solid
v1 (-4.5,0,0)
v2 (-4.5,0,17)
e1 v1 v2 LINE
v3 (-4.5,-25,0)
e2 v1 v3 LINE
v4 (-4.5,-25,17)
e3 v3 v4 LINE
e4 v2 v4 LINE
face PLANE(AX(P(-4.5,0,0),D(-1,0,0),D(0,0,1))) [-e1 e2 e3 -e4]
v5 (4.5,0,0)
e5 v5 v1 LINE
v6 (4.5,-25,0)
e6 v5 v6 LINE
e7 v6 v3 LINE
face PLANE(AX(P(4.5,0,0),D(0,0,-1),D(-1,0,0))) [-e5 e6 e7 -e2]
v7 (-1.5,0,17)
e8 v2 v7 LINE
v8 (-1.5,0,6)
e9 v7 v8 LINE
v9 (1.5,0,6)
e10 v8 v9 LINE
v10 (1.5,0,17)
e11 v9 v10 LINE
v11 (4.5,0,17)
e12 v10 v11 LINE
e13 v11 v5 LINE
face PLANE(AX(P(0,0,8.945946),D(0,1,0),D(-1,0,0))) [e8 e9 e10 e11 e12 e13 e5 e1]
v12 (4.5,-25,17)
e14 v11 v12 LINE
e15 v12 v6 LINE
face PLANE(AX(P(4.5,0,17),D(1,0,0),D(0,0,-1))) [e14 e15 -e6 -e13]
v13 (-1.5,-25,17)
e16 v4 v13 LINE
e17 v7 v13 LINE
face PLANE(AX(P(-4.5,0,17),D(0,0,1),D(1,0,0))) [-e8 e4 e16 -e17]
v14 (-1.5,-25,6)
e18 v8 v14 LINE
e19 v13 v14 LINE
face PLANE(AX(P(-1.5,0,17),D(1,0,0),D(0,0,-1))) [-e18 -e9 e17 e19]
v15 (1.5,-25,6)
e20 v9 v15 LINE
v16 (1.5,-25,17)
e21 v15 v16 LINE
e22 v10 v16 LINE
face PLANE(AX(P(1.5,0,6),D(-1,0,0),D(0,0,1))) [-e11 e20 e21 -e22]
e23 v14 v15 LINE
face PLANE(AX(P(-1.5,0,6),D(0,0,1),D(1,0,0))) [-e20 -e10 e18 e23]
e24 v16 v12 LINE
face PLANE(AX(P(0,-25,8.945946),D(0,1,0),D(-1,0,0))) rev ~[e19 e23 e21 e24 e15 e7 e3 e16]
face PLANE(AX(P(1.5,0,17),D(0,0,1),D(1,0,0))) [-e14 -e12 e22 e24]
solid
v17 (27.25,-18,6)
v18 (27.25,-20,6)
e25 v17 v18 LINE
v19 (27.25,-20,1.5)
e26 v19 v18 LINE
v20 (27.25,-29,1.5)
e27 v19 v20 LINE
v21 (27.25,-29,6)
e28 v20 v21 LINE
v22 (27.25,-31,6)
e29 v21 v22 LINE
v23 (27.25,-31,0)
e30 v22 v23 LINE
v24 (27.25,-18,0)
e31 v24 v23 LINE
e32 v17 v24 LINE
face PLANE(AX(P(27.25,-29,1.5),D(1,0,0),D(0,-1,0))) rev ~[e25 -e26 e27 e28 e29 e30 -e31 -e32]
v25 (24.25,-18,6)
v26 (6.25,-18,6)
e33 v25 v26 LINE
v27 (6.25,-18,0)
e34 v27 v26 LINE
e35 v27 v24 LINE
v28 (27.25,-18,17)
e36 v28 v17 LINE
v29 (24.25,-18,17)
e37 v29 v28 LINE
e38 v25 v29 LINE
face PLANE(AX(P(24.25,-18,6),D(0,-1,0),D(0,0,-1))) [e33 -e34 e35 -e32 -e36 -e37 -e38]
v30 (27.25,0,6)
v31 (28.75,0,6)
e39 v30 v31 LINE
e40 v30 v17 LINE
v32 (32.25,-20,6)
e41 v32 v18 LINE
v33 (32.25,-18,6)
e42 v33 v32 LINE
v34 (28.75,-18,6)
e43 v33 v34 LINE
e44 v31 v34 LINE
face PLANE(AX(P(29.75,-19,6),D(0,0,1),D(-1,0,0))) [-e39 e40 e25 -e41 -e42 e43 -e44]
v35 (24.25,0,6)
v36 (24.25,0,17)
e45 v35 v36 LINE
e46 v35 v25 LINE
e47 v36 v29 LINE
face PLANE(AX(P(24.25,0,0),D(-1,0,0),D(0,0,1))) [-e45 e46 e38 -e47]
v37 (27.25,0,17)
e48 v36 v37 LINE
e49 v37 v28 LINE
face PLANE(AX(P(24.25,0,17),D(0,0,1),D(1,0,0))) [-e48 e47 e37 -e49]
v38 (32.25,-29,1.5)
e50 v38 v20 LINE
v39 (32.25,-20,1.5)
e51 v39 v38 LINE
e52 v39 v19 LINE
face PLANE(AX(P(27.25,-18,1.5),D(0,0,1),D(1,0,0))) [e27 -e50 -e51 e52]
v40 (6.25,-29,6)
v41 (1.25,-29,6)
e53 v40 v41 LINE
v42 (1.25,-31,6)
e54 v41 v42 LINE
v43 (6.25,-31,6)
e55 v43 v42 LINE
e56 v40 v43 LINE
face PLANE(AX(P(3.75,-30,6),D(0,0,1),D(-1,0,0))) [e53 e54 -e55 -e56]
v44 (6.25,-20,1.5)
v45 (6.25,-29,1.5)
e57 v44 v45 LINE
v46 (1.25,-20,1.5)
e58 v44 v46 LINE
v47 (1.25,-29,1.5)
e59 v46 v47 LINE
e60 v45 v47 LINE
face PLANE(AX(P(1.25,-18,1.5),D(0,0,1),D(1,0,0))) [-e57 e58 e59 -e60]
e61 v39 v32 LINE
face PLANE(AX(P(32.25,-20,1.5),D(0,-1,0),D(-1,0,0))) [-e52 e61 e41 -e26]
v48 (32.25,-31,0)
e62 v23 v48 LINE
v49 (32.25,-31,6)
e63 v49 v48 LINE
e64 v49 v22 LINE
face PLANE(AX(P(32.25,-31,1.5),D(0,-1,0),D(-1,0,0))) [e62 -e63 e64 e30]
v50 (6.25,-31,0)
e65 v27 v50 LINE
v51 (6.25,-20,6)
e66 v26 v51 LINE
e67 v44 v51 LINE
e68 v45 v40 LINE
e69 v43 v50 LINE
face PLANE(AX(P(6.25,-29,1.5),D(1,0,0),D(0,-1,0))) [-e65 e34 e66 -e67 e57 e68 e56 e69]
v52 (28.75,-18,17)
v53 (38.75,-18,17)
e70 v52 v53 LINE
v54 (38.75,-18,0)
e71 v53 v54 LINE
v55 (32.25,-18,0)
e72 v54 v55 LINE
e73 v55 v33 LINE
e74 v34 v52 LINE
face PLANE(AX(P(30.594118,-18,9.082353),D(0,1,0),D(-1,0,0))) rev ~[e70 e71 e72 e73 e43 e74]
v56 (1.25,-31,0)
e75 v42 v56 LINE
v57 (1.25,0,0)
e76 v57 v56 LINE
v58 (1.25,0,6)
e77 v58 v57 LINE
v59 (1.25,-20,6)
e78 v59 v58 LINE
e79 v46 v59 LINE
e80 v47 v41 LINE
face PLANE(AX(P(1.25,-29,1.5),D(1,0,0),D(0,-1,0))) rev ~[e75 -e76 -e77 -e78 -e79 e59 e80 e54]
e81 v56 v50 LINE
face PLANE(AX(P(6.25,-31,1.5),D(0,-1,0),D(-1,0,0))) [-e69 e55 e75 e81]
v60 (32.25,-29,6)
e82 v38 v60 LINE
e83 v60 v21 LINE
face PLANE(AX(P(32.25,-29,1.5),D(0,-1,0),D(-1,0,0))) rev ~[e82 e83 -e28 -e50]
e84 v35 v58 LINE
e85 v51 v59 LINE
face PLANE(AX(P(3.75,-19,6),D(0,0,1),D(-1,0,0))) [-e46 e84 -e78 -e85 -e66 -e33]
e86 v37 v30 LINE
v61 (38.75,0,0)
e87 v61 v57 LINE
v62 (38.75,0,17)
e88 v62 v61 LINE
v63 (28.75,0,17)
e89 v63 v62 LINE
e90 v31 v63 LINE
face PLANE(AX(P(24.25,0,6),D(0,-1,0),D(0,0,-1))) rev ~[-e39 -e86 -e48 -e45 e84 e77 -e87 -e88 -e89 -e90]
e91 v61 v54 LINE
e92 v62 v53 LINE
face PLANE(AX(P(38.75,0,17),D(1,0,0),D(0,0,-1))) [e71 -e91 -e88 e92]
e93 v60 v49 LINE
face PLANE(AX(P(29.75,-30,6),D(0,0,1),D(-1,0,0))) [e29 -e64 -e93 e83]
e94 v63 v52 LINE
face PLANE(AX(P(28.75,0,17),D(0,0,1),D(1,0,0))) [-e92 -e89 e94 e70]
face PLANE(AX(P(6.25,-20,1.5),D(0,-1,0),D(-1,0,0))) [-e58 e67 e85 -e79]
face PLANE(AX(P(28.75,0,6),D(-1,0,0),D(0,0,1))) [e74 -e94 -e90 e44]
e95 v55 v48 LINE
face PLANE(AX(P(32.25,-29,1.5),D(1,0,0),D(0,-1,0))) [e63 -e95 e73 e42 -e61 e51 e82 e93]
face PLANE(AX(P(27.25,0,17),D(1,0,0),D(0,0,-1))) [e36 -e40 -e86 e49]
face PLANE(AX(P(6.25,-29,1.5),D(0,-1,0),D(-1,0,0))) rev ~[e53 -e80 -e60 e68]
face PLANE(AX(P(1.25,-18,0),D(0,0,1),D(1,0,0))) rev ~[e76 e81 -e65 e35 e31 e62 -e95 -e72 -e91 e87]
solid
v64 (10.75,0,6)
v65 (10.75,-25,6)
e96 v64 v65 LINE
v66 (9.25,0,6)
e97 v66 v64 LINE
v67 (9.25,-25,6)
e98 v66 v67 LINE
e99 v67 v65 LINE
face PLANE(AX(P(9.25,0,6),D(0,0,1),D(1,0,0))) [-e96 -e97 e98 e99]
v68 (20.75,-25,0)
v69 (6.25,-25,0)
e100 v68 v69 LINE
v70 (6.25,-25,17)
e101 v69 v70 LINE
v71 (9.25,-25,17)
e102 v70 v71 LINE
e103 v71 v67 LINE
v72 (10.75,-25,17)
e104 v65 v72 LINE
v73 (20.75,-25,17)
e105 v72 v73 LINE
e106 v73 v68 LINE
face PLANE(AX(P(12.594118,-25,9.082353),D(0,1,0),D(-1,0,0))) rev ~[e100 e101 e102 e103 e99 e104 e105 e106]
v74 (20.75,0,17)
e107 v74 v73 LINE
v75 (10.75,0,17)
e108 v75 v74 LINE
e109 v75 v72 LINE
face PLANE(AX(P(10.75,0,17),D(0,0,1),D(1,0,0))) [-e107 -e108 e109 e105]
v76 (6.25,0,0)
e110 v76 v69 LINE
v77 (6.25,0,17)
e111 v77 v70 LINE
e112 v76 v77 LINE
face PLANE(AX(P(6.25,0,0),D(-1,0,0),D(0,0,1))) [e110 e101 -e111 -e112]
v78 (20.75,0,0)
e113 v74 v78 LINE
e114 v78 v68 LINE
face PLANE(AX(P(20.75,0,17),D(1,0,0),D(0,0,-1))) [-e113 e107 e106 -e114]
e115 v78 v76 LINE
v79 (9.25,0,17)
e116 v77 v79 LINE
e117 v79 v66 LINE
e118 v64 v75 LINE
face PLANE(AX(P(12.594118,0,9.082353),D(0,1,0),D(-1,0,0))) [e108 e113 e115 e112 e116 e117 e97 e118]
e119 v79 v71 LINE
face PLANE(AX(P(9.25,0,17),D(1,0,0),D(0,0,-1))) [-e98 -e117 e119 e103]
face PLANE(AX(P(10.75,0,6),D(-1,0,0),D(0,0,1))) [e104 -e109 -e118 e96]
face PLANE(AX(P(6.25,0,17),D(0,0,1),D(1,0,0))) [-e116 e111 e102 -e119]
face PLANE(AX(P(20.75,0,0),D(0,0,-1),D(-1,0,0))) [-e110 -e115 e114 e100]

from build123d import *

# Parameters (mm, degrees)
PAD_DEPTH    = 25
PAD001_DEPTH = 25
PAD002_DEPTH = 18
SKETCH_W     = 5
SKETCH_H     = 1.5
PAD003_DEPTH = 13
SKETCH004_W  = 5
SKETCH004_H  = 2
PAD004_DEPTH = 4.5
SKETCH005_W  = 6
SKETCH005_H  = 18
PAD005_DEPTH = 23
SKETCH006_W  = 5
SKETCH006_H  = 1.5
PAD006_DEPTH = 13
SKETCH007_W  = 5
SKETCH007_H  = 2
PAD007_DEPTH = 4.5


with BuildPart() as zwykly:
    # Sketch001 → Pad (new body)
    with BuildSketch(Plane.XZ):
        Polygon((-4.5, 17), (-1.5, 17), (-1.5, 6), (1.5, 6), (1.5, 17), (4.5, 17), (4.5, 0), (-4.5, 0), align=None)
    extrude(amount=PAD_DEPTH)


with BuildPart() as krancowy:
    # Sketch002 → Pad001 (new body)
    with BuildSketch(Plane(origin=(10, 0, 0), x_dir=(1, 0, 0), z_dir=(0, -1, 0))):
        Polygon((-3.75, 17), (-0.75, 17), (-0.75, 6), (0.75, 6), (0.75, 17), (10.75, 17), (10.75, 0), (-3.75, 0), align=None)
    extrude(amount=PAD001_DEPTH)


with BuildPart() as antenowy_gotowy:
    # Sketch003 → Pad002 (new body)
    with BuildSketch(Plane(origin=(28, 0, 0), x_dir=(1, 0, 0), z_dir=(0, -1, 0))):
        Polygon((-3.75, 17), (-0.75, 17), (-0.75, 6), (0.75, 6), (0.75, 17), (10.75, 17), (10.75, 0), (-3.75, 0), align=None)
    extrude(amount=PAD002_DEPTH)

    # Sketch → Pad003 (new body)
    with BuildSketch(Plane(origin=(28, -18, 0), x_dir=(1, 0, 0), z_dir=(0, -1, 0))):
        with Locations((1.75, 0.75)):
            Rectangle(SKETCH_W, SKETCH_H)
    extrude(amount=PAD003_DEPTH)

    # Sketch004 → Pad004 (new body)
    with BuildSketch(Plane(origin=(28, 0, 1.5), x_dir=(-1, 0, 0), z_dir=(0, 0, 1))):
        with Locations((-1.75, 30)):
            Rectangle(SKETCH004_W, SKETCH004_H)
        with Locations((-1.75, 19)):
            Rectangle(SKETCH004_W, SKETCH004_H)
    extrude(amount=PAD004_DEPTH)

    # Sketch005 → Pad005 (new body)
    with BuildSketch(Plane(origin=(24.25, 0, 0), x_dir=(0, 0, -1), z_dir=(-1, 0, 0))):
        with Locations((-3, 9)):
            Rectangle(SKETCH005_W, SKETCH005_H)
    extrude(amount=PAD005_DEPTH)

    # Sketch006 → Pad006 (new body)
    with BuildSketch(Plane(origin=(28, -18, 0), x_dir=(1, 0, 0), z_dir=(0, -1, 0))):
        with Locations((-24.25, 0.75)):
            Rectangle(SKETCH006_W, SKETCH006_H)
    extrude(amount=PAD006_DEPTH)

    # Sketch007 → Pad007 (new body)
    with BuildSketch(Plane(origin=(28, 0, 1.5), x_dir=(-1, 0, 0), z_dir=(0, 0, 1))):
        with Locations((24.25, 30)):
            Rectangle(SKETCH007_W, SKETCH007_H)
        with Locations((24.25, 19)):
            Rectangle(SKETCH007_W, SKETCH007_H)
    extrude(amount=PAD007_DEPTH)


solid = Compound([zwykly.part, krancowy.part, antenowy_gotowy.part])
